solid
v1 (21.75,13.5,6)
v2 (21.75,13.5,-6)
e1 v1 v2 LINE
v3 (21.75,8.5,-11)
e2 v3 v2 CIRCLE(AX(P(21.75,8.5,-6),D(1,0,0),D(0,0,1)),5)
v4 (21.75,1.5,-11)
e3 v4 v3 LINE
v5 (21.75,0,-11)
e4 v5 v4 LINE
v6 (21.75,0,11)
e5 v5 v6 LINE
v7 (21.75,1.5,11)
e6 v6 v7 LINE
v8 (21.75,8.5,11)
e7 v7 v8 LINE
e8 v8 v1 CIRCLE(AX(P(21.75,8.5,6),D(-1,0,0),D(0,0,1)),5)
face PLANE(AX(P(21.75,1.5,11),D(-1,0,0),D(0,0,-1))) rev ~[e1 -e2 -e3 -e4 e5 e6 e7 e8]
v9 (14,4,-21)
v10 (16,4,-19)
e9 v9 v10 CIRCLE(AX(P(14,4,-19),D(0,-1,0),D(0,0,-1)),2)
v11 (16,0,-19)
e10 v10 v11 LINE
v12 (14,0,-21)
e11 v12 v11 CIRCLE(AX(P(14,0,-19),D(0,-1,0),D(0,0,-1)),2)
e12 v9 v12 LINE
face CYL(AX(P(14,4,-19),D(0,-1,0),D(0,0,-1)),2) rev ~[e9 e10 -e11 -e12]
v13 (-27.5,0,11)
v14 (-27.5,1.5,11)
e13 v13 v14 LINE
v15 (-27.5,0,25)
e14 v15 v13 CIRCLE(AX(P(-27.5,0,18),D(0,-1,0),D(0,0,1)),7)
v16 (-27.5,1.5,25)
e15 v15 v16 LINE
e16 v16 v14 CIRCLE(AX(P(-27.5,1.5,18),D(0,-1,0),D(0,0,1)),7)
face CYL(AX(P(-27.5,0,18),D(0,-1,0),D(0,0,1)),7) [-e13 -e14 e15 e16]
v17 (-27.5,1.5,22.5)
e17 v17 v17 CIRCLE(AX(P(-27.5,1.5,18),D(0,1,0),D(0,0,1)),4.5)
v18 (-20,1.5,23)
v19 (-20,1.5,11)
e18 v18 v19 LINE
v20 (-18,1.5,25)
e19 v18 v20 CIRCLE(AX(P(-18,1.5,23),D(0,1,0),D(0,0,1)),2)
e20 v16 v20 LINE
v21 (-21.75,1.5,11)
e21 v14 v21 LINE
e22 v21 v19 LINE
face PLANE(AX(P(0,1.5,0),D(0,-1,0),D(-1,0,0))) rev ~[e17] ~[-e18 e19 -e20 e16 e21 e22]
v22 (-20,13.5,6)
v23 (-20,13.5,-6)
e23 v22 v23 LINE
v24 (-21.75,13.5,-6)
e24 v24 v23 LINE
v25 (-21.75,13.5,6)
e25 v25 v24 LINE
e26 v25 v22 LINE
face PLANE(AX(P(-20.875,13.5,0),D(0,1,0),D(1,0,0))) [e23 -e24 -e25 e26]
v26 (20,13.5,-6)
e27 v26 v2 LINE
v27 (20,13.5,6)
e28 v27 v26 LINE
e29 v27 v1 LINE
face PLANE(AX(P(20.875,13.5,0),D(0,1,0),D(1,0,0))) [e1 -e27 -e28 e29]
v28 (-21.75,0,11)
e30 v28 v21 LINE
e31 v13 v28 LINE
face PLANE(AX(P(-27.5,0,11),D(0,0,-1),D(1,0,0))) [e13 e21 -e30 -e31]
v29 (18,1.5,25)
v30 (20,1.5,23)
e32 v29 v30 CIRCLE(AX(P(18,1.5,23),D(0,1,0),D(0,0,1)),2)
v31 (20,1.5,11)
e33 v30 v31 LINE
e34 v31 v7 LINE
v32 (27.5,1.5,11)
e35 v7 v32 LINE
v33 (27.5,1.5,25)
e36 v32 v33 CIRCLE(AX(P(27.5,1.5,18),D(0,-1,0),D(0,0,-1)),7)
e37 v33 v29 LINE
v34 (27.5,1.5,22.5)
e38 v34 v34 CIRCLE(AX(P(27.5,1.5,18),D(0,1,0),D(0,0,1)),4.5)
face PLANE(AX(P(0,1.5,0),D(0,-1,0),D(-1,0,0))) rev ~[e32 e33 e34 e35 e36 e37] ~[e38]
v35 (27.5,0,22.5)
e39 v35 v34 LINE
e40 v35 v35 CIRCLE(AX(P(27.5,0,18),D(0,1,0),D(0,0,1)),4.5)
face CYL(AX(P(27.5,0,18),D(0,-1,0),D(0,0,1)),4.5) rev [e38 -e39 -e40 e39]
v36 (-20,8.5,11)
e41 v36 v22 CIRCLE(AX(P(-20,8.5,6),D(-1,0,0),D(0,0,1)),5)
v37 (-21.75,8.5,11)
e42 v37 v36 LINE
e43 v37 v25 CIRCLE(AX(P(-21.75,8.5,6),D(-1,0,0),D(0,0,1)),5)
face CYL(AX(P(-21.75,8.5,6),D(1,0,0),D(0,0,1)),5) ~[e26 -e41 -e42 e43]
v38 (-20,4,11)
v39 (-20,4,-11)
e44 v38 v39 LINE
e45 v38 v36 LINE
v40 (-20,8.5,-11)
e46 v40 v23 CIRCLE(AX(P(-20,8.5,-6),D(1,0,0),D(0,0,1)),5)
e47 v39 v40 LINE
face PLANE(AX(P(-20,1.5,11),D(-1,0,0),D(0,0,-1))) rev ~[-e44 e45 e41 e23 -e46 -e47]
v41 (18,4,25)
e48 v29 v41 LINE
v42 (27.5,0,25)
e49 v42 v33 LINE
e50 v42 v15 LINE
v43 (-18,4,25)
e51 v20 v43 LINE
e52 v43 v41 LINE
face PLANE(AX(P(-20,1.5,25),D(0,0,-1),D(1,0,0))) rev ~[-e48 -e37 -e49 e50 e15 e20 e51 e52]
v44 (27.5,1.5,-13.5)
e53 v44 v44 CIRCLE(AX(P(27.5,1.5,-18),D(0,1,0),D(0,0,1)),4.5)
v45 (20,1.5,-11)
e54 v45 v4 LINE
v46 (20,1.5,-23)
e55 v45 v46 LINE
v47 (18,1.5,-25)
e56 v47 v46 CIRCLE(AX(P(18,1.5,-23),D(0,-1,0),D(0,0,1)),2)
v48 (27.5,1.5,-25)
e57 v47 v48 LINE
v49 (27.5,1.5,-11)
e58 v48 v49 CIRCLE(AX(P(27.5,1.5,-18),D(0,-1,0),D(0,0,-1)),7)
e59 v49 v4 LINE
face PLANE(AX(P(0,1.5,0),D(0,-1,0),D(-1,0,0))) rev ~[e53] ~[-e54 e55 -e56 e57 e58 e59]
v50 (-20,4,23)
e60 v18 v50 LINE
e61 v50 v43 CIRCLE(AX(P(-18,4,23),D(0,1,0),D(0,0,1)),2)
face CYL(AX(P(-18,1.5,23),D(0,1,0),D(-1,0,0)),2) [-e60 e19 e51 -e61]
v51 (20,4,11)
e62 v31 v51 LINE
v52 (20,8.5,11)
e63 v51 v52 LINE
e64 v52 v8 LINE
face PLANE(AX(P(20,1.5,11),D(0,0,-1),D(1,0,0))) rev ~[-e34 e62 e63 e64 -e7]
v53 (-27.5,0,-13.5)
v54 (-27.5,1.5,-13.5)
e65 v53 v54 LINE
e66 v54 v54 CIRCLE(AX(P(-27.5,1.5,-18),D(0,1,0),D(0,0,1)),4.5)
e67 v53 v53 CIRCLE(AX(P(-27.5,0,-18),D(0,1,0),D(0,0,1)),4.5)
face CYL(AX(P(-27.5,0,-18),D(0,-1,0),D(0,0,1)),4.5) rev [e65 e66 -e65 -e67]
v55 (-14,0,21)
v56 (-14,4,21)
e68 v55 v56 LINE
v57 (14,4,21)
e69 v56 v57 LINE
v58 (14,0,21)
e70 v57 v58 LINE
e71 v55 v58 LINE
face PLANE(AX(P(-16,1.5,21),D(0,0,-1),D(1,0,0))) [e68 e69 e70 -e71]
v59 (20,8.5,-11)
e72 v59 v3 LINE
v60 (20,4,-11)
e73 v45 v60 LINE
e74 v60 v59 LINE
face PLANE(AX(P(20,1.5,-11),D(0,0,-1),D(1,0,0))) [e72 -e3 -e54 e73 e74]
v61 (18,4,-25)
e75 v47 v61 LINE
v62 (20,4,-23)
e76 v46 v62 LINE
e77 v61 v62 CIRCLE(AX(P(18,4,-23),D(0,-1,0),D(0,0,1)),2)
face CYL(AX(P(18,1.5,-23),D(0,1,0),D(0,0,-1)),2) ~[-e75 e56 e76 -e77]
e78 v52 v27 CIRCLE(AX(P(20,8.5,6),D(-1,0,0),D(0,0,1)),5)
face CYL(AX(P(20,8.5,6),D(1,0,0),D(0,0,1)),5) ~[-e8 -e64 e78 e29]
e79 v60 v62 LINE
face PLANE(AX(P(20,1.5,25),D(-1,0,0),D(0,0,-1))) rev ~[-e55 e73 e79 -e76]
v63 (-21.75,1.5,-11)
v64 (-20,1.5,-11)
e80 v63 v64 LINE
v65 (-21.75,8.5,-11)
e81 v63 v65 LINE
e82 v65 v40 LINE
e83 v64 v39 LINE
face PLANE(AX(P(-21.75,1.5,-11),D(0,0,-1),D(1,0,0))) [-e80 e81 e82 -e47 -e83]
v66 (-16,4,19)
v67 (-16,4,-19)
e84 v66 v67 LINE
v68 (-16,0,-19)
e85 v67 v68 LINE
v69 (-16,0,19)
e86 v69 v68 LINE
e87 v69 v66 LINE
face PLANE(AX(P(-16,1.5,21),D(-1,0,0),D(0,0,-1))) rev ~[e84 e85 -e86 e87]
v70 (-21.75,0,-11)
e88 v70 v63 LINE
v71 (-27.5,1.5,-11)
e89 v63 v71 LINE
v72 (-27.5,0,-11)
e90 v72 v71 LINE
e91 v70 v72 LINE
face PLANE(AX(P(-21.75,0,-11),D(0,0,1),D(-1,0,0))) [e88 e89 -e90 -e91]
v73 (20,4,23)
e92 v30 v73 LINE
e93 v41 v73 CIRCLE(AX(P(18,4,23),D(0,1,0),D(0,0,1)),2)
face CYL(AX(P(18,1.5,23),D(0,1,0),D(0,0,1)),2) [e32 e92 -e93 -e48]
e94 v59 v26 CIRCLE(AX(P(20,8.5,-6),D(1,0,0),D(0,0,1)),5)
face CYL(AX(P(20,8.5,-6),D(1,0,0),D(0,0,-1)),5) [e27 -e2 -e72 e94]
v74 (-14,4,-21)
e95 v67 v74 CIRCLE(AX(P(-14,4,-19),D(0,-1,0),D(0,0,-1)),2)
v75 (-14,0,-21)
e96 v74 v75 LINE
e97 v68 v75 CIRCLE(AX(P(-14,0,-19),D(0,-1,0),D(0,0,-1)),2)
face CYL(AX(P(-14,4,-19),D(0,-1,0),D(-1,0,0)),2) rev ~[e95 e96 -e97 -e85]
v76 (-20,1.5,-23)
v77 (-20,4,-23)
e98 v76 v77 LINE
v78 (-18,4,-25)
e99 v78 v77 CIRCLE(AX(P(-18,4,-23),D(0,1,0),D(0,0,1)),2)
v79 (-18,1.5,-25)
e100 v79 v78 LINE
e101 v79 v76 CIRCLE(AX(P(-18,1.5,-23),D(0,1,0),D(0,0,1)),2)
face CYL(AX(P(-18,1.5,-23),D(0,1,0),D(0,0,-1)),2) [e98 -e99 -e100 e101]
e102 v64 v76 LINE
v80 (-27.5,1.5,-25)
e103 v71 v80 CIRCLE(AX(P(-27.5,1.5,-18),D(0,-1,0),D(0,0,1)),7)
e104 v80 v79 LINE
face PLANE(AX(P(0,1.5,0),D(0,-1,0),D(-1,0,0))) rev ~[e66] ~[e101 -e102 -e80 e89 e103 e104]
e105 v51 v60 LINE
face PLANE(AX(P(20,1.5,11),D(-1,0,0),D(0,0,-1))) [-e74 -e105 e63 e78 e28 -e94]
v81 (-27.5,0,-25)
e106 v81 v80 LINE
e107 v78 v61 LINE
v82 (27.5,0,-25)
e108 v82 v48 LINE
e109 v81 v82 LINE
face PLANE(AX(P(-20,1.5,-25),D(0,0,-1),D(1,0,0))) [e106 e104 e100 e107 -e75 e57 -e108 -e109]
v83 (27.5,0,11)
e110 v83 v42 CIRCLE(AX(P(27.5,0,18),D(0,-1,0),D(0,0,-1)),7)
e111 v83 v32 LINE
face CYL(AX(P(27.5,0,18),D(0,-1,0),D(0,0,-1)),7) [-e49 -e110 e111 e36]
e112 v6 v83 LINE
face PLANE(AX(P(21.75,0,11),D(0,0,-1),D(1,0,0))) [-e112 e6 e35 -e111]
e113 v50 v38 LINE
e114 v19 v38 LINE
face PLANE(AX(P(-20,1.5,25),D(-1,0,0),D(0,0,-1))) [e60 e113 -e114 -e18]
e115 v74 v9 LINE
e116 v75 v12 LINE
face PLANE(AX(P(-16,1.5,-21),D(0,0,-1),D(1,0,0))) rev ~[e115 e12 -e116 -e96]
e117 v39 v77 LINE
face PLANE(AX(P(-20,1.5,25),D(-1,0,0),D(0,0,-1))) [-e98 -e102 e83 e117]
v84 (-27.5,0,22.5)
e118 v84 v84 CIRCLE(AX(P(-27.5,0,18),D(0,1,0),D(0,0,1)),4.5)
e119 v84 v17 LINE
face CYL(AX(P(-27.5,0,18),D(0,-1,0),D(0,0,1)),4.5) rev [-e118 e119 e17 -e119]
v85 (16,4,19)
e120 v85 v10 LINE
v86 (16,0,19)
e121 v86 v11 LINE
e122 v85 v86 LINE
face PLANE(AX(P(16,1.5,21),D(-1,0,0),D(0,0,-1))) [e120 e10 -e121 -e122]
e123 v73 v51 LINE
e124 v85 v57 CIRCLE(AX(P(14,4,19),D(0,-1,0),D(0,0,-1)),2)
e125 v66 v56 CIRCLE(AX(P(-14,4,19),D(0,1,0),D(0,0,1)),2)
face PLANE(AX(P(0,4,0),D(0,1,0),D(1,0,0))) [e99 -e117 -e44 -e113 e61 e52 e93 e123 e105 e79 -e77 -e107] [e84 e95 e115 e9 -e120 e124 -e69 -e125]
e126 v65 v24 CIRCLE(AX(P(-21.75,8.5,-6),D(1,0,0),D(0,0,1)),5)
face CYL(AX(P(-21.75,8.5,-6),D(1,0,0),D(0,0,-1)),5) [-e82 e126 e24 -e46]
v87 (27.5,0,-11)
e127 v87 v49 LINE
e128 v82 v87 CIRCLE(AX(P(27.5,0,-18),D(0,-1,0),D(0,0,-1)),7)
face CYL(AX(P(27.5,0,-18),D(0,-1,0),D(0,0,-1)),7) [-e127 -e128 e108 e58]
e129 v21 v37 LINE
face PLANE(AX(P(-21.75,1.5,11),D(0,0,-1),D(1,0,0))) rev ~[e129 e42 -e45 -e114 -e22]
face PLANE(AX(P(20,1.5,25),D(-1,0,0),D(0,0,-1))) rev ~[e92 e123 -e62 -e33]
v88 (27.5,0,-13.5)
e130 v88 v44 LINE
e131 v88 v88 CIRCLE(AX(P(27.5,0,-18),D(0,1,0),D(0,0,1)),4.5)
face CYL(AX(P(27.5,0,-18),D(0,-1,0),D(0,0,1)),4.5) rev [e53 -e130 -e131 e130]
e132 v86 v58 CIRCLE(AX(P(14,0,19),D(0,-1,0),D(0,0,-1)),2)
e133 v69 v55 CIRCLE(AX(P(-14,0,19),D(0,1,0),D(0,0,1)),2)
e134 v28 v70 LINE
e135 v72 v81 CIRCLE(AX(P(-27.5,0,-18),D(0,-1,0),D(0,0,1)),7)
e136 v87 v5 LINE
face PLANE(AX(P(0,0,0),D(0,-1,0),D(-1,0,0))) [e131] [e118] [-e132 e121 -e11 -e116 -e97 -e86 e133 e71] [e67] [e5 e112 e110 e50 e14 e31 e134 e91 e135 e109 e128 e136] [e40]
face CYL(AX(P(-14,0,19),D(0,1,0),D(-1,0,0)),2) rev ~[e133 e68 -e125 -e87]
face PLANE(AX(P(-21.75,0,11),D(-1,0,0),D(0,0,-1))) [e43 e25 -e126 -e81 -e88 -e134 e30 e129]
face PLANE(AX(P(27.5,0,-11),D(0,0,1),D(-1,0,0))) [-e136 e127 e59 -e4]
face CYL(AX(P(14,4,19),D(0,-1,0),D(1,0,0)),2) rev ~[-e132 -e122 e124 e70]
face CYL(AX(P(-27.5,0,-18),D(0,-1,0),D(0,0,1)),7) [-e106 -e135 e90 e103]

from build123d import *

# Parameters (mm, degrees)
SKETCH1_R               = 4.5
BOSS_EXTRUDE1_DEPTH     = 1.5
SKETCH2_W               = 1.75
SKETCH2_H               = 22
BOSS_EXTRUDE2_DEPTH     = 12
SKETCH3_W               = 40
SKETCH3_H               = 50
SKETCH3_W_2             = 32
SKETCH3_H_2             = 42
BOSS_EXTRUDE3_DEPTH     = 2.5
CUT_EXTRUDE1_DEPTH      = 45.263416045
CUT_EXTRUDE1_DEPTH_BACK = 45.263416045
SKETCH3_2_W             = 32
SKETCH3_2_H             = 42
FILLET1_R               = 2
FILLET2_R               = 2
FILLET3_R               = 5


with BuildPart() as part:
    # Sketch1 → Boss-Extrude1 (new body)
    with BuildSketch(Plane(origin=(0, 0, 0), x_dir=(1, 0, 0), z_dir=(0, 1, 0))):
        with BuildLine():
            Line((27.5, 25), (-27.5, 25))
            ThreePointArc((-27.5, 25), (-34.5, 18), (-27.5, 11))
            Line((-27.5, 11), (-21.75, 11))
            Line((-21.75, 11), (-21.75, -11))
            Line((-21.75, -11), (-27.5, -11))
            ThreePointArc((-27.5, -11), (-34.5, -18), (-27.5, -25))
            Line((-27.5, -25), (27.5, -25))
            ThreePointArc((27.5, -25), (34.5, -18), (27.5, -11))
            Line((27.5, -11), (21.75, -11))
            Line((21.75, -11), (21.75, 11))
            Line((21.75, 11), (27.5, 11))
            ThreePointArc((27.5, 11), (34.5, 18), (27.5, 25))
        make_face()
        with Locations((-27.5, -18)):
            Circle(SKETCH1_R, mode=Mode.SUBTRACT)
        with Locations((27.5, -18)):
            Circle(SKETCH1_R, mode=Mode.SUBTRACT)
        with Locations((-27.5, 18)):
            Circle(SKETCH1_R, mode=Mode.SUBTRACT)
        with Locations((27.5, 18)):
            Circle(SKETCH1_R, mode=Mode.SUBTRACT)
    extrude(amount=BOSS_EXTRUDE1_DEPTH)

    # Sketch2 → Boss-Extrude2 (add)
    with BuildSketch(Plane(origin=(0, 1.5, 0), x_dir=(1, 0, 0), z_dir=(0, 1, 0))):
        with Locations((-20.875, 0)):
            Rectangle(SKETCH2_W, SKETCH2_H)
        with Locations((20.875, 0)):
            Rectangle(SKETCH2_W, SKETCH2_H)
    extrude(amount=BOSS_EXTRUDE2_DEPTH)

    # Sketch3 → Boss-Extrude3 (add)
    with BuildSketch(Plane(origin=(0, 1.5, 0), x_dir=(1, 0, 0), z_dir=(0, 1, 0))):
        Rectangle(SKETCH3_W, SKETCH3_H)
        Rectangle(SKETCH3_W_2, SKETCH3_H_2, mode=Mode.SUBTRACT)
    extrude(amount=BOSS_EXTRUDE3_DEPTH)

    # Sketch3<2> → Cut-Extrude1 (cut, two sides: drawn at the far end of the back side and taken through both)
    with BuildSketch(Plane(origin=(0, 1.5, 0), x_dir=(1, 0, 0), z_dir=(0, 1, 0)).offset(-CUT_EXTRUDE1_DEPTH_BACK)):
        Rectangle(SKETCH3_2_W, SKETCH3_2_H)
    extrude(amount=CUT_EXTRUDE1_DEPTH + CUT_EXTRUDE1_DEPTH_BACK, mode=Mode.SUBTRACT)

    # Fillet1
    fillet1_edges = [part.edges().sort_by_distance(p)[0] for p in [
        (20, 2.75, -25),
        (20, 2.75, 25),
        (-20, 2.75, 25),
        (-20, 2.75, -25),
    ]]
    fillet(fillet1_edges, radius=FILLET1_R)

    # Fillet2
    fillet2_edges = [part.edges().sort_by_distance(p)[0] for p in [
        (-16, 2, 21),
        (16, 2, 21),
        (16, 2, -21),
        (-16, 2, -21),
    ]]
    fillet(fillet2_edges, radius=FILLET2_R)

    # Fillet3
    fillet3_edges = [part.edges().sort_by_distance(p)[0] for p in [
        (20.875, 13.5, -11),
        (20.875, 13.5, 11),
        (-20.875, 13.5, -11),
        (-20.875, 13.5, 11),
    ]]
    fillet(fillet3_edges, radius=FILLET3_R)


solid = part.part
